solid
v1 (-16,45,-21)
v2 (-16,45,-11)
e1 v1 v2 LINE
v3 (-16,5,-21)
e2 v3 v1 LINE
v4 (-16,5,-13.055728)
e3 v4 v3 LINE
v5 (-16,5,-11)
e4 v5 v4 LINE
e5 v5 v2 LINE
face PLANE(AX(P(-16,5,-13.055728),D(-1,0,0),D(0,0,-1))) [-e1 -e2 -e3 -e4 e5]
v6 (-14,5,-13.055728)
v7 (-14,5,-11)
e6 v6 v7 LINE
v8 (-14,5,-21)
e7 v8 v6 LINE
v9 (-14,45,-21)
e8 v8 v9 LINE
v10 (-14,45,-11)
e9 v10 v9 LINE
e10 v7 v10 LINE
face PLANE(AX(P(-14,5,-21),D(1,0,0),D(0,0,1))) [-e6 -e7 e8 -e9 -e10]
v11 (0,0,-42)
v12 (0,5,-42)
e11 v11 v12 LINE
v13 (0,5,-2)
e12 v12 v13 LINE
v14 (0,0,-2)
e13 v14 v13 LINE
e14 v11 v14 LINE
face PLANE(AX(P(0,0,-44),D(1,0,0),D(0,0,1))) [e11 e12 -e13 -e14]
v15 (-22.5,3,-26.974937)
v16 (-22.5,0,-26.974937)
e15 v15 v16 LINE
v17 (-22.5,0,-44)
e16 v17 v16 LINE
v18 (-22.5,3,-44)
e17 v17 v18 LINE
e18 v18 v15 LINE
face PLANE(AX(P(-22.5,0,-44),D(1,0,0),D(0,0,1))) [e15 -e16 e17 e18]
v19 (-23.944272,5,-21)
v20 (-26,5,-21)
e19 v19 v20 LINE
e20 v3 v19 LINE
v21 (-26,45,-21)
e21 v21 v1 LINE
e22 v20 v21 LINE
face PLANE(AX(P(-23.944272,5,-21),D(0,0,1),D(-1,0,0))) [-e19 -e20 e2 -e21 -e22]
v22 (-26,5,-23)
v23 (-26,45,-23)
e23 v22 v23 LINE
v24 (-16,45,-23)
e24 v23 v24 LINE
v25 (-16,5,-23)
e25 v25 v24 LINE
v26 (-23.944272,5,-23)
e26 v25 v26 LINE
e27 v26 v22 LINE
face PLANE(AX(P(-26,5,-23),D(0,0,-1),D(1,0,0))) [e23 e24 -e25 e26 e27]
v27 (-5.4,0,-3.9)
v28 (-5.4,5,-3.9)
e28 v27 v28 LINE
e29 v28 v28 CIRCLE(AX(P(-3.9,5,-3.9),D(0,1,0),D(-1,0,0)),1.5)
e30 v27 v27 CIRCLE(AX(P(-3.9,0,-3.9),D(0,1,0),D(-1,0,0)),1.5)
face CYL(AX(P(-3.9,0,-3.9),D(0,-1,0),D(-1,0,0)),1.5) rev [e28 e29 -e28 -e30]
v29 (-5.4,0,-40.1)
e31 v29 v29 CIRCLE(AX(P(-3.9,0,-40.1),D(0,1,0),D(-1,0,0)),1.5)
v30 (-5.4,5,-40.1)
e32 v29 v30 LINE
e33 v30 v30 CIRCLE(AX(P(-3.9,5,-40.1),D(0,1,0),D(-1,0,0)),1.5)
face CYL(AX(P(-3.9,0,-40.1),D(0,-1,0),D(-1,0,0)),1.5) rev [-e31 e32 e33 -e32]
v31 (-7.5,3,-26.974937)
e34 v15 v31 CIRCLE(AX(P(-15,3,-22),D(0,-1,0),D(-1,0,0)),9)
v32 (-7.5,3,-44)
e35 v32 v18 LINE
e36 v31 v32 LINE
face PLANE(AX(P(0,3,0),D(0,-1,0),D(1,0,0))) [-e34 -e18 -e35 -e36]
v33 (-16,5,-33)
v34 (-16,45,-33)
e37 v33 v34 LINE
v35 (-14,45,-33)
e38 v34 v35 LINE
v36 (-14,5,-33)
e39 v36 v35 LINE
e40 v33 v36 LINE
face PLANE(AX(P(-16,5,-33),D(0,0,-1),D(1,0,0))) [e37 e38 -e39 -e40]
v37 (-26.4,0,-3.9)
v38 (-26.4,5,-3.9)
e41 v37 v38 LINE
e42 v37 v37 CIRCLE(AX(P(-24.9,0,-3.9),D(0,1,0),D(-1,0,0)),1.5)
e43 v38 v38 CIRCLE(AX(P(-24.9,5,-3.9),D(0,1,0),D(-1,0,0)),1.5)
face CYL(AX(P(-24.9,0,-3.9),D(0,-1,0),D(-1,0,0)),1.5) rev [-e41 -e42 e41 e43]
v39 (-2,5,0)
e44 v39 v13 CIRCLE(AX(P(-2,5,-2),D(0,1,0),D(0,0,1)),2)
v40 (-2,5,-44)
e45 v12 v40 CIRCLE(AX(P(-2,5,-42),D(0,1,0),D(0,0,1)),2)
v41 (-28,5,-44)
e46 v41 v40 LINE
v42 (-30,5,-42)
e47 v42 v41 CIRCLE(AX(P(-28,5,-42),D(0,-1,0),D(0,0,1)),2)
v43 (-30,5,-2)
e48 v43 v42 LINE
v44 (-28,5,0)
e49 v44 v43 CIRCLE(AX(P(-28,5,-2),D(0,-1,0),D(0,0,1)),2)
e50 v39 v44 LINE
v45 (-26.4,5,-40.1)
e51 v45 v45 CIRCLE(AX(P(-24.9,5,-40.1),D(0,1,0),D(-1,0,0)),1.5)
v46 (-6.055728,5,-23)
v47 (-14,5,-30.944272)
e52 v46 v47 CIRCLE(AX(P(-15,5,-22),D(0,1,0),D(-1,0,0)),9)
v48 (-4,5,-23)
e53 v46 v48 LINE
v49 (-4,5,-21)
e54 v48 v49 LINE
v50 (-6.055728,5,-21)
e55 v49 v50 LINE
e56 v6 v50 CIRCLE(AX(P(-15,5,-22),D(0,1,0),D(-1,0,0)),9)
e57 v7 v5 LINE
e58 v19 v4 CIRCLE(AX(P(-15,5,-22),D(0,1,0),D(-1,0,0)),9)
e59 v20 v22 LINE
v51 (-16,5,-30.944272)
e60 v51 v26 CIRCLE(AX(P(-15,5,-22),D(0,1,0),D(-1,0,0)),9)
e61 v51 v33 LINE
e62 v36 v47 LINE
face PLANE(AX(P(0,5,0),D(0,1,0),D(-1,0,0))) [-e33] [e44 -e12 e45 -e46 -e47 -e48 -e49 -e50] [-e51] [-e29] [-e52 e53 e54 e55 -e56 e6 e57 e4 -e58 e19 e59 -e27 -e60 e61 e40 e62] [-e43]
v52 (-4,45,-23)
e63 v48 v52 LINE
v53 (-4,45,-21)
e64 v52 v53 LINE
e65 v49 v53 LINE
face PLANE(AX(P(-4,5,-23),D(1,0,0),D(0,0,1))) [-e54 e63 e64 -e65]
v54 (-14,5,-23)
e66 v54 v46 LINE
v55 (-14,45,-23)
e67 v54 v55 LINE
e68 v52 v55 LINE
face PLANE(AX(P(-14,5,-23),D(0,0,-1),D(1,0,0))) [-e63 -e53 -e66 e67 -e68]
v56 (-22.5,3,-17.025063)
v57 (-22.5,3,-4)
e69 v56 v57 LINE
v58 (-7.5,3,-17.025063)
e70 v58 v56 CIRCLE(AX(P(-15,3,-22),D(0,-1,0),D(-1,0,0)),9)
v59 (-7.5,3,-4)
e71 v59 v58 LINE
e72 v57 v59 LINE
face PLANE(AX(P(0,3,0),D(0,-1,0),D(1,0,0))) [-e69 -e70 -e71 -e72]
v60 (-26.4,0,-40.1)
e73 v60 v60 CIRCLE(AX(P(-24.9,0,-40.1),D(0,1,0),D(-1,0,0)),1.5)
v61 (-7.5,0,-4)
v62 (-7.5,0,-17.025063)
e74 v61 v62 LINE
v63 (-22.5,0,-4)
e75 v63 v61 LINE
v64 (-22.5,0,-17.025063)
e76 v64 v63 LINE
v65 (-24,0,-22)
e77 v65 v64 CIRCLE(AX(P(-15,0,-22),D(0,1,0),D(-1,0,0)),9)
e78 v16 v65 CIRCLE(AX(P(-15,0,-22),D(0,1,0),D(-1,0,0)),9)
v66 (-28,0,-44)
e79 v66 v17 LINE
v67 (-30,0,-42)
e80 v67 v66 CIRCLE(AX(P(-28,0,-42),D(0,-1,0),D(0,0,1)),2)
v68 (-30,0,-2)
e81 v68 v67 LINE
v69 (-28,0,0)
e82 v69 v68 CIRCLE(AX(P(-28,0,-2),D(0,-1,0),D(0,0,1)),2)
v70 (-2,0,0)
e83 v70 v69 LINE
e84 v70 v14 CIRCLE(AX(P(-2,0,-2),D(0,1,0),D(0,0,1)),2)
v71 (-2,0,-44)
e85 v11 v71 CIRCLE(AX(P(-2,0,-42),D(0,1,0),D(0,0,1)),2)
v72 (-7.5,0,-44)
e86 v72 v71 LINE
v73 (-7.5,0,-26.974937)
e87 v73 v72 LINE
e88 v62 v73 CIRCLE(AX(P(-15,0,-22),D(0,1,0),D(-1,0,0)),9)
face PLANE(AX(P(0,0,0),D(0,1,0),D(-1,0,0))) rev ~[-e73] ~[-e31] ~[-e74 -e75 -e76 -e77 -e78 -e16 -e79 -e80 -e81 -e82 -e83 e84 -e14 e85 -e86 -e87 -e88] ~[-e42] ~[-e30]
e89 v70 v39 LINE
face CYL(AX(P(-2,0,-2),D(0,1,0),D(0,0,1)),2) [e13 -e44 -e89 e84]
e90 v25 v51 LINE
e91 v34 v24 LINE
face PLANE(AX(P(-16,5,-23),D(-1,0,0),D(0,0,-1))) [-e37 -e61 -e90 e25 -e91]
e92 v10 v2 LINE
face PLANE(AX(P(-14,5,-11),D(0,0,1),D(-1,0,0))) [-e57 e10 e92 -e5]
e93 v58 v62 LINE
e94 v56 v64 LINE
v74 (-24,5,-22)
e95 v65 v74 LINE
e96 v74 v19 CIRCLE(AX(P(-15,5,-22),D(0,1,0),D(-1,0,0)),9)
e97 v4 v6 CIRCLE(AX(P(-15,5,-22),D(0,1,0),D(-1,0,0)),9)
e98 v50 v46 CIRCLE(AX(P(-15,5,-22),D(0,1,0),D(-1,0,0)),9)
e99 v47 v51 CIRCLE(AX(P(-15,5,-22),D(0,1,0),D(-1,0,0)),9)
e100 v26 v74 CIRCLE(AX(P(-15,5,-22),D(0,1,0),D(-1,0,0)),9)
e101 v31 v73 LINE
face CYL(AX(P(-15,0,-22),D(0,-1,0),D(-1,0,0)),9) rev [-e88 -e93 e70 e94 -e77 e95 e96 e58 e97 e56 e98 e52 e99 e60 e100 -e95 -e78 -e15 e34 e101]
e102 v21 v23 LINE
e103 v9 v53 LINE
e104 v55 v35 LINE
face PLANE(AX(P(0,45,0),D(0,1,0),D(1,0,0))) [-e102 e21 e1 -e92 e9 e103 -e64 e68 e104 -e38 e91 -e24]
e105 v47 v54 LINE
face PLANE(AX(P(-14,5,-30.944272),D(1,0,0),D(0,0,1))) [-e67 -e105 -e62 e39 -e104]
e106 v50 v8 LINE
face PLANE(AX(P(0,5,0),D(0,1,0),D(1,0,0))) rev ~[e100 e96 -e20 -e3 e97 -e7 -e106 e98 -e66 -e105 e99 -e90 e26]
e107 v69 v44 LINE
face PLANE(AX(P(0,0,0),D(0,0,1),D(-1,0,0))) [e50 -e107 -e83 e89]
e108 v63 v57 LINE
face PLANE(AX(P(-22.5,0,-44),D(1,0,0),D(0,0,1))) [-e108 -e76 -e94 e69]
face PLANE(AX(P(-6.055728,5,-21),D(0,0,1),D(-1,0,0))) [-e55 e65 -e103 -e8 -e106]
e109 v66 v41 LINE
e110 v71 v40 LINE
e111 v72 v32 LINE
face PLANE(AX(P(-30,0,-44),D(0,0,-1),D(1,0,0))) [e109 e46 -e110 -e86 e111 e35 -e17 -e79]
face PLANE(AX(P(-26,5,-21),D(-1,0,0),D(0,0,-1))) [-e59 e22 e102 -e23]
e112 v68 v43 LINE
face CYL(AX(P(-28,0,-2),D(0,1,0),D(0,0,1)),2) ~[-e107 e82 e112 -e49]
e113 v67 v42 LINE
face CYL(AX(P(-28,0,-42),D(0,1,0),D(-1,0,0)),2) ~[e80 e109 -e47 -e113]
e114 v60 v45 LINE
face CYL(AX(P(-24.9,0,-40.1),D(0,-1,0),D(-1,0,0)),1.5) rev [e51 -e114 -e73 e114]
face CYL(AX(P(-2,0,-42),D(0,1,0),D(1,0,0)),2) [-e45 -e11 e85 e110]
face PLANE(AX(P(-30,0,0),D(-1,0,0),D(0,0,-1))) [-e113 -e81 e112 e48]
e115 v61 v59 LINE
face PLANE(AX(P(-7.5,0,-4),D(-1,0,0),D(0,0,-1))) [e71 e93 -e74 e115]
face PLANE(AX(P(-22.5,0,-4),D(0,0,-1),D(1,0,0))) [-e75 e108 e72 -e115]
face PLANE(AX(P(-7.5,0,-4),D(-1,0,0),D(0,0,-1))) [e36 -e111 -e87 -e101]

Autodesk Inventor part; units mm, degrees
ref_plane "YZ Plane" through (0, 0, 0) normal (1, 0, 0) x (0, 1, 0)
ref_plane "XZ Plane" through (0, 0, 0) normal (0, 1, 0) x (-1, 0, 0)
ref_plane "XY Plane" through (0, 0, 0) normal (0, 0, 1) x (1, 0, 0)
sketch "Sketch1" plane through (0, 0, 0) normal (0, 1, 0) x (-1, 0, 0)
  line L0 (0, 0) -> (30, 0)
  line L1 (30, 0) -> (30, -44)
  line L2 (30, -44) -> (0, -44)
  line L3 (0, -44) -> (0, 0)
  circle A0 centre (24.9, -3.9) radius 1.5
  circle A1 centre (3.9, -3.9) radius 1.5
  circle A2 centre (3.9, -40.1) radius 1.5
  circle A3 centre (24.9, -40.1) radius 1.5
  circle A4 centre (15, -22) radius 9
  dimension "d0" = 44
  dimension "d1" = 30
  dimension "d2" = 3
  dimension "d3" = 3
  dimension "d4" = 3
  dimension "d5" = 3
  dimension "d8" = 3.9
  dimension "d9" = 3.9
  dimension "d10" = 3.9
  dimension "d11" = 3.9
  dimension "d12" = 3.9
  dimension "d14" = 21
  dimension "d15" = 3.9
  dimension "d17" = 21
  dimension "d18" = 18
  dimension "d19" = 22
  dimension "d20" = 15
extrude "Extrusion1" add sketch "Sketch1" along normal blind 5
sketch "Sketch2" plane through (0, 0, 0) normal (0, -1, 0) x (1, 0, 0)
  line L0 (-7.5, -44) -> (-22.5, -44)
  line L1 (-22.5, -44) -> (-22.5, -4)
  line L2 (-22.5, -4) -> (-7.5, -4)
  line L3 (-7.5, -4) -> (-7.5, -44)
  line L4 (0, 0) -> (-30, 0) projected
  line L5 (-30, -44) -> (0, -44) projected
  line L6 (0, -44) -> (0, 0) projected
  line L7 (-30, 0) -> (-30, -44) projected
  dimension "d24" = 4
  dimension "d25" = 0
  dimension "d26" = 15
  dimension "d27" = 7.5
  dimension "d28" = 7.5
extrude "Extrusion2" cut sketch "Sketch2" against normal blind 3 contours L0 L1 L2 L3
fillet "Fillet1" radius 2 4 edges at (0, 2.5, 0) (-30, 2.5, 0) (-30, 2.5, -44) (0, 2.5, -44)
sketch "Sketch3" plane through (0, 5, 0) normal (0, 1, 0) x (1, 0, 0)
  line L0 (-26, 23) -> (-4, 23)
  line L1 (-4, 23) -> (-4, 21)
  line L2 (-4, 21) -> (-26, 21)
  line L3 (-26, 21) -> (-26, 23)
  line L4 (-2, 44) -> (-28, 44) projected
  circle A0 centre (-15, 22) radius 9 projected
  line L5 (-16, 33) -> (-14, 33)
  line L6 (-14, 33) -> (-14, 11)
  line L7 (-14, 11) -> (-16, 11)
  line L8 (-16, 11) -> (-16, 33)
  line L9 (-30, 42) -> (-30, 2) projected
  point P0 (0, 0)
  dimension "d32" = 2
  dimension "d33" = 21
  dimension "d34" = 11
  dimension "d35" = 11
  dimension "d36" = 14
  dimension "d37" = 2
  dimension "d38" = 11
  dimension "d39" = 11
extrude "Extrusion3" add sketch "Sketch3" along normal blind 40 contours L0 A0 L2 L3 | L0 L8 L2 A0 | L8 A0 L6 L0 | L0 L6 L2 L8 | L8 L5 L6 A0 | L0 A0 L2 L6 | L2 L6 A0 L8 | A0 L6 L7 L8 | L0 L1 L2 A0
sketch "Sketch4" plane through (-14, 5, -13.0557) normal (1, 0, 0) x (0, 0, -1)
  point P0 (-13.0557, -5)
properties part number "drzakfotorezistoru"
